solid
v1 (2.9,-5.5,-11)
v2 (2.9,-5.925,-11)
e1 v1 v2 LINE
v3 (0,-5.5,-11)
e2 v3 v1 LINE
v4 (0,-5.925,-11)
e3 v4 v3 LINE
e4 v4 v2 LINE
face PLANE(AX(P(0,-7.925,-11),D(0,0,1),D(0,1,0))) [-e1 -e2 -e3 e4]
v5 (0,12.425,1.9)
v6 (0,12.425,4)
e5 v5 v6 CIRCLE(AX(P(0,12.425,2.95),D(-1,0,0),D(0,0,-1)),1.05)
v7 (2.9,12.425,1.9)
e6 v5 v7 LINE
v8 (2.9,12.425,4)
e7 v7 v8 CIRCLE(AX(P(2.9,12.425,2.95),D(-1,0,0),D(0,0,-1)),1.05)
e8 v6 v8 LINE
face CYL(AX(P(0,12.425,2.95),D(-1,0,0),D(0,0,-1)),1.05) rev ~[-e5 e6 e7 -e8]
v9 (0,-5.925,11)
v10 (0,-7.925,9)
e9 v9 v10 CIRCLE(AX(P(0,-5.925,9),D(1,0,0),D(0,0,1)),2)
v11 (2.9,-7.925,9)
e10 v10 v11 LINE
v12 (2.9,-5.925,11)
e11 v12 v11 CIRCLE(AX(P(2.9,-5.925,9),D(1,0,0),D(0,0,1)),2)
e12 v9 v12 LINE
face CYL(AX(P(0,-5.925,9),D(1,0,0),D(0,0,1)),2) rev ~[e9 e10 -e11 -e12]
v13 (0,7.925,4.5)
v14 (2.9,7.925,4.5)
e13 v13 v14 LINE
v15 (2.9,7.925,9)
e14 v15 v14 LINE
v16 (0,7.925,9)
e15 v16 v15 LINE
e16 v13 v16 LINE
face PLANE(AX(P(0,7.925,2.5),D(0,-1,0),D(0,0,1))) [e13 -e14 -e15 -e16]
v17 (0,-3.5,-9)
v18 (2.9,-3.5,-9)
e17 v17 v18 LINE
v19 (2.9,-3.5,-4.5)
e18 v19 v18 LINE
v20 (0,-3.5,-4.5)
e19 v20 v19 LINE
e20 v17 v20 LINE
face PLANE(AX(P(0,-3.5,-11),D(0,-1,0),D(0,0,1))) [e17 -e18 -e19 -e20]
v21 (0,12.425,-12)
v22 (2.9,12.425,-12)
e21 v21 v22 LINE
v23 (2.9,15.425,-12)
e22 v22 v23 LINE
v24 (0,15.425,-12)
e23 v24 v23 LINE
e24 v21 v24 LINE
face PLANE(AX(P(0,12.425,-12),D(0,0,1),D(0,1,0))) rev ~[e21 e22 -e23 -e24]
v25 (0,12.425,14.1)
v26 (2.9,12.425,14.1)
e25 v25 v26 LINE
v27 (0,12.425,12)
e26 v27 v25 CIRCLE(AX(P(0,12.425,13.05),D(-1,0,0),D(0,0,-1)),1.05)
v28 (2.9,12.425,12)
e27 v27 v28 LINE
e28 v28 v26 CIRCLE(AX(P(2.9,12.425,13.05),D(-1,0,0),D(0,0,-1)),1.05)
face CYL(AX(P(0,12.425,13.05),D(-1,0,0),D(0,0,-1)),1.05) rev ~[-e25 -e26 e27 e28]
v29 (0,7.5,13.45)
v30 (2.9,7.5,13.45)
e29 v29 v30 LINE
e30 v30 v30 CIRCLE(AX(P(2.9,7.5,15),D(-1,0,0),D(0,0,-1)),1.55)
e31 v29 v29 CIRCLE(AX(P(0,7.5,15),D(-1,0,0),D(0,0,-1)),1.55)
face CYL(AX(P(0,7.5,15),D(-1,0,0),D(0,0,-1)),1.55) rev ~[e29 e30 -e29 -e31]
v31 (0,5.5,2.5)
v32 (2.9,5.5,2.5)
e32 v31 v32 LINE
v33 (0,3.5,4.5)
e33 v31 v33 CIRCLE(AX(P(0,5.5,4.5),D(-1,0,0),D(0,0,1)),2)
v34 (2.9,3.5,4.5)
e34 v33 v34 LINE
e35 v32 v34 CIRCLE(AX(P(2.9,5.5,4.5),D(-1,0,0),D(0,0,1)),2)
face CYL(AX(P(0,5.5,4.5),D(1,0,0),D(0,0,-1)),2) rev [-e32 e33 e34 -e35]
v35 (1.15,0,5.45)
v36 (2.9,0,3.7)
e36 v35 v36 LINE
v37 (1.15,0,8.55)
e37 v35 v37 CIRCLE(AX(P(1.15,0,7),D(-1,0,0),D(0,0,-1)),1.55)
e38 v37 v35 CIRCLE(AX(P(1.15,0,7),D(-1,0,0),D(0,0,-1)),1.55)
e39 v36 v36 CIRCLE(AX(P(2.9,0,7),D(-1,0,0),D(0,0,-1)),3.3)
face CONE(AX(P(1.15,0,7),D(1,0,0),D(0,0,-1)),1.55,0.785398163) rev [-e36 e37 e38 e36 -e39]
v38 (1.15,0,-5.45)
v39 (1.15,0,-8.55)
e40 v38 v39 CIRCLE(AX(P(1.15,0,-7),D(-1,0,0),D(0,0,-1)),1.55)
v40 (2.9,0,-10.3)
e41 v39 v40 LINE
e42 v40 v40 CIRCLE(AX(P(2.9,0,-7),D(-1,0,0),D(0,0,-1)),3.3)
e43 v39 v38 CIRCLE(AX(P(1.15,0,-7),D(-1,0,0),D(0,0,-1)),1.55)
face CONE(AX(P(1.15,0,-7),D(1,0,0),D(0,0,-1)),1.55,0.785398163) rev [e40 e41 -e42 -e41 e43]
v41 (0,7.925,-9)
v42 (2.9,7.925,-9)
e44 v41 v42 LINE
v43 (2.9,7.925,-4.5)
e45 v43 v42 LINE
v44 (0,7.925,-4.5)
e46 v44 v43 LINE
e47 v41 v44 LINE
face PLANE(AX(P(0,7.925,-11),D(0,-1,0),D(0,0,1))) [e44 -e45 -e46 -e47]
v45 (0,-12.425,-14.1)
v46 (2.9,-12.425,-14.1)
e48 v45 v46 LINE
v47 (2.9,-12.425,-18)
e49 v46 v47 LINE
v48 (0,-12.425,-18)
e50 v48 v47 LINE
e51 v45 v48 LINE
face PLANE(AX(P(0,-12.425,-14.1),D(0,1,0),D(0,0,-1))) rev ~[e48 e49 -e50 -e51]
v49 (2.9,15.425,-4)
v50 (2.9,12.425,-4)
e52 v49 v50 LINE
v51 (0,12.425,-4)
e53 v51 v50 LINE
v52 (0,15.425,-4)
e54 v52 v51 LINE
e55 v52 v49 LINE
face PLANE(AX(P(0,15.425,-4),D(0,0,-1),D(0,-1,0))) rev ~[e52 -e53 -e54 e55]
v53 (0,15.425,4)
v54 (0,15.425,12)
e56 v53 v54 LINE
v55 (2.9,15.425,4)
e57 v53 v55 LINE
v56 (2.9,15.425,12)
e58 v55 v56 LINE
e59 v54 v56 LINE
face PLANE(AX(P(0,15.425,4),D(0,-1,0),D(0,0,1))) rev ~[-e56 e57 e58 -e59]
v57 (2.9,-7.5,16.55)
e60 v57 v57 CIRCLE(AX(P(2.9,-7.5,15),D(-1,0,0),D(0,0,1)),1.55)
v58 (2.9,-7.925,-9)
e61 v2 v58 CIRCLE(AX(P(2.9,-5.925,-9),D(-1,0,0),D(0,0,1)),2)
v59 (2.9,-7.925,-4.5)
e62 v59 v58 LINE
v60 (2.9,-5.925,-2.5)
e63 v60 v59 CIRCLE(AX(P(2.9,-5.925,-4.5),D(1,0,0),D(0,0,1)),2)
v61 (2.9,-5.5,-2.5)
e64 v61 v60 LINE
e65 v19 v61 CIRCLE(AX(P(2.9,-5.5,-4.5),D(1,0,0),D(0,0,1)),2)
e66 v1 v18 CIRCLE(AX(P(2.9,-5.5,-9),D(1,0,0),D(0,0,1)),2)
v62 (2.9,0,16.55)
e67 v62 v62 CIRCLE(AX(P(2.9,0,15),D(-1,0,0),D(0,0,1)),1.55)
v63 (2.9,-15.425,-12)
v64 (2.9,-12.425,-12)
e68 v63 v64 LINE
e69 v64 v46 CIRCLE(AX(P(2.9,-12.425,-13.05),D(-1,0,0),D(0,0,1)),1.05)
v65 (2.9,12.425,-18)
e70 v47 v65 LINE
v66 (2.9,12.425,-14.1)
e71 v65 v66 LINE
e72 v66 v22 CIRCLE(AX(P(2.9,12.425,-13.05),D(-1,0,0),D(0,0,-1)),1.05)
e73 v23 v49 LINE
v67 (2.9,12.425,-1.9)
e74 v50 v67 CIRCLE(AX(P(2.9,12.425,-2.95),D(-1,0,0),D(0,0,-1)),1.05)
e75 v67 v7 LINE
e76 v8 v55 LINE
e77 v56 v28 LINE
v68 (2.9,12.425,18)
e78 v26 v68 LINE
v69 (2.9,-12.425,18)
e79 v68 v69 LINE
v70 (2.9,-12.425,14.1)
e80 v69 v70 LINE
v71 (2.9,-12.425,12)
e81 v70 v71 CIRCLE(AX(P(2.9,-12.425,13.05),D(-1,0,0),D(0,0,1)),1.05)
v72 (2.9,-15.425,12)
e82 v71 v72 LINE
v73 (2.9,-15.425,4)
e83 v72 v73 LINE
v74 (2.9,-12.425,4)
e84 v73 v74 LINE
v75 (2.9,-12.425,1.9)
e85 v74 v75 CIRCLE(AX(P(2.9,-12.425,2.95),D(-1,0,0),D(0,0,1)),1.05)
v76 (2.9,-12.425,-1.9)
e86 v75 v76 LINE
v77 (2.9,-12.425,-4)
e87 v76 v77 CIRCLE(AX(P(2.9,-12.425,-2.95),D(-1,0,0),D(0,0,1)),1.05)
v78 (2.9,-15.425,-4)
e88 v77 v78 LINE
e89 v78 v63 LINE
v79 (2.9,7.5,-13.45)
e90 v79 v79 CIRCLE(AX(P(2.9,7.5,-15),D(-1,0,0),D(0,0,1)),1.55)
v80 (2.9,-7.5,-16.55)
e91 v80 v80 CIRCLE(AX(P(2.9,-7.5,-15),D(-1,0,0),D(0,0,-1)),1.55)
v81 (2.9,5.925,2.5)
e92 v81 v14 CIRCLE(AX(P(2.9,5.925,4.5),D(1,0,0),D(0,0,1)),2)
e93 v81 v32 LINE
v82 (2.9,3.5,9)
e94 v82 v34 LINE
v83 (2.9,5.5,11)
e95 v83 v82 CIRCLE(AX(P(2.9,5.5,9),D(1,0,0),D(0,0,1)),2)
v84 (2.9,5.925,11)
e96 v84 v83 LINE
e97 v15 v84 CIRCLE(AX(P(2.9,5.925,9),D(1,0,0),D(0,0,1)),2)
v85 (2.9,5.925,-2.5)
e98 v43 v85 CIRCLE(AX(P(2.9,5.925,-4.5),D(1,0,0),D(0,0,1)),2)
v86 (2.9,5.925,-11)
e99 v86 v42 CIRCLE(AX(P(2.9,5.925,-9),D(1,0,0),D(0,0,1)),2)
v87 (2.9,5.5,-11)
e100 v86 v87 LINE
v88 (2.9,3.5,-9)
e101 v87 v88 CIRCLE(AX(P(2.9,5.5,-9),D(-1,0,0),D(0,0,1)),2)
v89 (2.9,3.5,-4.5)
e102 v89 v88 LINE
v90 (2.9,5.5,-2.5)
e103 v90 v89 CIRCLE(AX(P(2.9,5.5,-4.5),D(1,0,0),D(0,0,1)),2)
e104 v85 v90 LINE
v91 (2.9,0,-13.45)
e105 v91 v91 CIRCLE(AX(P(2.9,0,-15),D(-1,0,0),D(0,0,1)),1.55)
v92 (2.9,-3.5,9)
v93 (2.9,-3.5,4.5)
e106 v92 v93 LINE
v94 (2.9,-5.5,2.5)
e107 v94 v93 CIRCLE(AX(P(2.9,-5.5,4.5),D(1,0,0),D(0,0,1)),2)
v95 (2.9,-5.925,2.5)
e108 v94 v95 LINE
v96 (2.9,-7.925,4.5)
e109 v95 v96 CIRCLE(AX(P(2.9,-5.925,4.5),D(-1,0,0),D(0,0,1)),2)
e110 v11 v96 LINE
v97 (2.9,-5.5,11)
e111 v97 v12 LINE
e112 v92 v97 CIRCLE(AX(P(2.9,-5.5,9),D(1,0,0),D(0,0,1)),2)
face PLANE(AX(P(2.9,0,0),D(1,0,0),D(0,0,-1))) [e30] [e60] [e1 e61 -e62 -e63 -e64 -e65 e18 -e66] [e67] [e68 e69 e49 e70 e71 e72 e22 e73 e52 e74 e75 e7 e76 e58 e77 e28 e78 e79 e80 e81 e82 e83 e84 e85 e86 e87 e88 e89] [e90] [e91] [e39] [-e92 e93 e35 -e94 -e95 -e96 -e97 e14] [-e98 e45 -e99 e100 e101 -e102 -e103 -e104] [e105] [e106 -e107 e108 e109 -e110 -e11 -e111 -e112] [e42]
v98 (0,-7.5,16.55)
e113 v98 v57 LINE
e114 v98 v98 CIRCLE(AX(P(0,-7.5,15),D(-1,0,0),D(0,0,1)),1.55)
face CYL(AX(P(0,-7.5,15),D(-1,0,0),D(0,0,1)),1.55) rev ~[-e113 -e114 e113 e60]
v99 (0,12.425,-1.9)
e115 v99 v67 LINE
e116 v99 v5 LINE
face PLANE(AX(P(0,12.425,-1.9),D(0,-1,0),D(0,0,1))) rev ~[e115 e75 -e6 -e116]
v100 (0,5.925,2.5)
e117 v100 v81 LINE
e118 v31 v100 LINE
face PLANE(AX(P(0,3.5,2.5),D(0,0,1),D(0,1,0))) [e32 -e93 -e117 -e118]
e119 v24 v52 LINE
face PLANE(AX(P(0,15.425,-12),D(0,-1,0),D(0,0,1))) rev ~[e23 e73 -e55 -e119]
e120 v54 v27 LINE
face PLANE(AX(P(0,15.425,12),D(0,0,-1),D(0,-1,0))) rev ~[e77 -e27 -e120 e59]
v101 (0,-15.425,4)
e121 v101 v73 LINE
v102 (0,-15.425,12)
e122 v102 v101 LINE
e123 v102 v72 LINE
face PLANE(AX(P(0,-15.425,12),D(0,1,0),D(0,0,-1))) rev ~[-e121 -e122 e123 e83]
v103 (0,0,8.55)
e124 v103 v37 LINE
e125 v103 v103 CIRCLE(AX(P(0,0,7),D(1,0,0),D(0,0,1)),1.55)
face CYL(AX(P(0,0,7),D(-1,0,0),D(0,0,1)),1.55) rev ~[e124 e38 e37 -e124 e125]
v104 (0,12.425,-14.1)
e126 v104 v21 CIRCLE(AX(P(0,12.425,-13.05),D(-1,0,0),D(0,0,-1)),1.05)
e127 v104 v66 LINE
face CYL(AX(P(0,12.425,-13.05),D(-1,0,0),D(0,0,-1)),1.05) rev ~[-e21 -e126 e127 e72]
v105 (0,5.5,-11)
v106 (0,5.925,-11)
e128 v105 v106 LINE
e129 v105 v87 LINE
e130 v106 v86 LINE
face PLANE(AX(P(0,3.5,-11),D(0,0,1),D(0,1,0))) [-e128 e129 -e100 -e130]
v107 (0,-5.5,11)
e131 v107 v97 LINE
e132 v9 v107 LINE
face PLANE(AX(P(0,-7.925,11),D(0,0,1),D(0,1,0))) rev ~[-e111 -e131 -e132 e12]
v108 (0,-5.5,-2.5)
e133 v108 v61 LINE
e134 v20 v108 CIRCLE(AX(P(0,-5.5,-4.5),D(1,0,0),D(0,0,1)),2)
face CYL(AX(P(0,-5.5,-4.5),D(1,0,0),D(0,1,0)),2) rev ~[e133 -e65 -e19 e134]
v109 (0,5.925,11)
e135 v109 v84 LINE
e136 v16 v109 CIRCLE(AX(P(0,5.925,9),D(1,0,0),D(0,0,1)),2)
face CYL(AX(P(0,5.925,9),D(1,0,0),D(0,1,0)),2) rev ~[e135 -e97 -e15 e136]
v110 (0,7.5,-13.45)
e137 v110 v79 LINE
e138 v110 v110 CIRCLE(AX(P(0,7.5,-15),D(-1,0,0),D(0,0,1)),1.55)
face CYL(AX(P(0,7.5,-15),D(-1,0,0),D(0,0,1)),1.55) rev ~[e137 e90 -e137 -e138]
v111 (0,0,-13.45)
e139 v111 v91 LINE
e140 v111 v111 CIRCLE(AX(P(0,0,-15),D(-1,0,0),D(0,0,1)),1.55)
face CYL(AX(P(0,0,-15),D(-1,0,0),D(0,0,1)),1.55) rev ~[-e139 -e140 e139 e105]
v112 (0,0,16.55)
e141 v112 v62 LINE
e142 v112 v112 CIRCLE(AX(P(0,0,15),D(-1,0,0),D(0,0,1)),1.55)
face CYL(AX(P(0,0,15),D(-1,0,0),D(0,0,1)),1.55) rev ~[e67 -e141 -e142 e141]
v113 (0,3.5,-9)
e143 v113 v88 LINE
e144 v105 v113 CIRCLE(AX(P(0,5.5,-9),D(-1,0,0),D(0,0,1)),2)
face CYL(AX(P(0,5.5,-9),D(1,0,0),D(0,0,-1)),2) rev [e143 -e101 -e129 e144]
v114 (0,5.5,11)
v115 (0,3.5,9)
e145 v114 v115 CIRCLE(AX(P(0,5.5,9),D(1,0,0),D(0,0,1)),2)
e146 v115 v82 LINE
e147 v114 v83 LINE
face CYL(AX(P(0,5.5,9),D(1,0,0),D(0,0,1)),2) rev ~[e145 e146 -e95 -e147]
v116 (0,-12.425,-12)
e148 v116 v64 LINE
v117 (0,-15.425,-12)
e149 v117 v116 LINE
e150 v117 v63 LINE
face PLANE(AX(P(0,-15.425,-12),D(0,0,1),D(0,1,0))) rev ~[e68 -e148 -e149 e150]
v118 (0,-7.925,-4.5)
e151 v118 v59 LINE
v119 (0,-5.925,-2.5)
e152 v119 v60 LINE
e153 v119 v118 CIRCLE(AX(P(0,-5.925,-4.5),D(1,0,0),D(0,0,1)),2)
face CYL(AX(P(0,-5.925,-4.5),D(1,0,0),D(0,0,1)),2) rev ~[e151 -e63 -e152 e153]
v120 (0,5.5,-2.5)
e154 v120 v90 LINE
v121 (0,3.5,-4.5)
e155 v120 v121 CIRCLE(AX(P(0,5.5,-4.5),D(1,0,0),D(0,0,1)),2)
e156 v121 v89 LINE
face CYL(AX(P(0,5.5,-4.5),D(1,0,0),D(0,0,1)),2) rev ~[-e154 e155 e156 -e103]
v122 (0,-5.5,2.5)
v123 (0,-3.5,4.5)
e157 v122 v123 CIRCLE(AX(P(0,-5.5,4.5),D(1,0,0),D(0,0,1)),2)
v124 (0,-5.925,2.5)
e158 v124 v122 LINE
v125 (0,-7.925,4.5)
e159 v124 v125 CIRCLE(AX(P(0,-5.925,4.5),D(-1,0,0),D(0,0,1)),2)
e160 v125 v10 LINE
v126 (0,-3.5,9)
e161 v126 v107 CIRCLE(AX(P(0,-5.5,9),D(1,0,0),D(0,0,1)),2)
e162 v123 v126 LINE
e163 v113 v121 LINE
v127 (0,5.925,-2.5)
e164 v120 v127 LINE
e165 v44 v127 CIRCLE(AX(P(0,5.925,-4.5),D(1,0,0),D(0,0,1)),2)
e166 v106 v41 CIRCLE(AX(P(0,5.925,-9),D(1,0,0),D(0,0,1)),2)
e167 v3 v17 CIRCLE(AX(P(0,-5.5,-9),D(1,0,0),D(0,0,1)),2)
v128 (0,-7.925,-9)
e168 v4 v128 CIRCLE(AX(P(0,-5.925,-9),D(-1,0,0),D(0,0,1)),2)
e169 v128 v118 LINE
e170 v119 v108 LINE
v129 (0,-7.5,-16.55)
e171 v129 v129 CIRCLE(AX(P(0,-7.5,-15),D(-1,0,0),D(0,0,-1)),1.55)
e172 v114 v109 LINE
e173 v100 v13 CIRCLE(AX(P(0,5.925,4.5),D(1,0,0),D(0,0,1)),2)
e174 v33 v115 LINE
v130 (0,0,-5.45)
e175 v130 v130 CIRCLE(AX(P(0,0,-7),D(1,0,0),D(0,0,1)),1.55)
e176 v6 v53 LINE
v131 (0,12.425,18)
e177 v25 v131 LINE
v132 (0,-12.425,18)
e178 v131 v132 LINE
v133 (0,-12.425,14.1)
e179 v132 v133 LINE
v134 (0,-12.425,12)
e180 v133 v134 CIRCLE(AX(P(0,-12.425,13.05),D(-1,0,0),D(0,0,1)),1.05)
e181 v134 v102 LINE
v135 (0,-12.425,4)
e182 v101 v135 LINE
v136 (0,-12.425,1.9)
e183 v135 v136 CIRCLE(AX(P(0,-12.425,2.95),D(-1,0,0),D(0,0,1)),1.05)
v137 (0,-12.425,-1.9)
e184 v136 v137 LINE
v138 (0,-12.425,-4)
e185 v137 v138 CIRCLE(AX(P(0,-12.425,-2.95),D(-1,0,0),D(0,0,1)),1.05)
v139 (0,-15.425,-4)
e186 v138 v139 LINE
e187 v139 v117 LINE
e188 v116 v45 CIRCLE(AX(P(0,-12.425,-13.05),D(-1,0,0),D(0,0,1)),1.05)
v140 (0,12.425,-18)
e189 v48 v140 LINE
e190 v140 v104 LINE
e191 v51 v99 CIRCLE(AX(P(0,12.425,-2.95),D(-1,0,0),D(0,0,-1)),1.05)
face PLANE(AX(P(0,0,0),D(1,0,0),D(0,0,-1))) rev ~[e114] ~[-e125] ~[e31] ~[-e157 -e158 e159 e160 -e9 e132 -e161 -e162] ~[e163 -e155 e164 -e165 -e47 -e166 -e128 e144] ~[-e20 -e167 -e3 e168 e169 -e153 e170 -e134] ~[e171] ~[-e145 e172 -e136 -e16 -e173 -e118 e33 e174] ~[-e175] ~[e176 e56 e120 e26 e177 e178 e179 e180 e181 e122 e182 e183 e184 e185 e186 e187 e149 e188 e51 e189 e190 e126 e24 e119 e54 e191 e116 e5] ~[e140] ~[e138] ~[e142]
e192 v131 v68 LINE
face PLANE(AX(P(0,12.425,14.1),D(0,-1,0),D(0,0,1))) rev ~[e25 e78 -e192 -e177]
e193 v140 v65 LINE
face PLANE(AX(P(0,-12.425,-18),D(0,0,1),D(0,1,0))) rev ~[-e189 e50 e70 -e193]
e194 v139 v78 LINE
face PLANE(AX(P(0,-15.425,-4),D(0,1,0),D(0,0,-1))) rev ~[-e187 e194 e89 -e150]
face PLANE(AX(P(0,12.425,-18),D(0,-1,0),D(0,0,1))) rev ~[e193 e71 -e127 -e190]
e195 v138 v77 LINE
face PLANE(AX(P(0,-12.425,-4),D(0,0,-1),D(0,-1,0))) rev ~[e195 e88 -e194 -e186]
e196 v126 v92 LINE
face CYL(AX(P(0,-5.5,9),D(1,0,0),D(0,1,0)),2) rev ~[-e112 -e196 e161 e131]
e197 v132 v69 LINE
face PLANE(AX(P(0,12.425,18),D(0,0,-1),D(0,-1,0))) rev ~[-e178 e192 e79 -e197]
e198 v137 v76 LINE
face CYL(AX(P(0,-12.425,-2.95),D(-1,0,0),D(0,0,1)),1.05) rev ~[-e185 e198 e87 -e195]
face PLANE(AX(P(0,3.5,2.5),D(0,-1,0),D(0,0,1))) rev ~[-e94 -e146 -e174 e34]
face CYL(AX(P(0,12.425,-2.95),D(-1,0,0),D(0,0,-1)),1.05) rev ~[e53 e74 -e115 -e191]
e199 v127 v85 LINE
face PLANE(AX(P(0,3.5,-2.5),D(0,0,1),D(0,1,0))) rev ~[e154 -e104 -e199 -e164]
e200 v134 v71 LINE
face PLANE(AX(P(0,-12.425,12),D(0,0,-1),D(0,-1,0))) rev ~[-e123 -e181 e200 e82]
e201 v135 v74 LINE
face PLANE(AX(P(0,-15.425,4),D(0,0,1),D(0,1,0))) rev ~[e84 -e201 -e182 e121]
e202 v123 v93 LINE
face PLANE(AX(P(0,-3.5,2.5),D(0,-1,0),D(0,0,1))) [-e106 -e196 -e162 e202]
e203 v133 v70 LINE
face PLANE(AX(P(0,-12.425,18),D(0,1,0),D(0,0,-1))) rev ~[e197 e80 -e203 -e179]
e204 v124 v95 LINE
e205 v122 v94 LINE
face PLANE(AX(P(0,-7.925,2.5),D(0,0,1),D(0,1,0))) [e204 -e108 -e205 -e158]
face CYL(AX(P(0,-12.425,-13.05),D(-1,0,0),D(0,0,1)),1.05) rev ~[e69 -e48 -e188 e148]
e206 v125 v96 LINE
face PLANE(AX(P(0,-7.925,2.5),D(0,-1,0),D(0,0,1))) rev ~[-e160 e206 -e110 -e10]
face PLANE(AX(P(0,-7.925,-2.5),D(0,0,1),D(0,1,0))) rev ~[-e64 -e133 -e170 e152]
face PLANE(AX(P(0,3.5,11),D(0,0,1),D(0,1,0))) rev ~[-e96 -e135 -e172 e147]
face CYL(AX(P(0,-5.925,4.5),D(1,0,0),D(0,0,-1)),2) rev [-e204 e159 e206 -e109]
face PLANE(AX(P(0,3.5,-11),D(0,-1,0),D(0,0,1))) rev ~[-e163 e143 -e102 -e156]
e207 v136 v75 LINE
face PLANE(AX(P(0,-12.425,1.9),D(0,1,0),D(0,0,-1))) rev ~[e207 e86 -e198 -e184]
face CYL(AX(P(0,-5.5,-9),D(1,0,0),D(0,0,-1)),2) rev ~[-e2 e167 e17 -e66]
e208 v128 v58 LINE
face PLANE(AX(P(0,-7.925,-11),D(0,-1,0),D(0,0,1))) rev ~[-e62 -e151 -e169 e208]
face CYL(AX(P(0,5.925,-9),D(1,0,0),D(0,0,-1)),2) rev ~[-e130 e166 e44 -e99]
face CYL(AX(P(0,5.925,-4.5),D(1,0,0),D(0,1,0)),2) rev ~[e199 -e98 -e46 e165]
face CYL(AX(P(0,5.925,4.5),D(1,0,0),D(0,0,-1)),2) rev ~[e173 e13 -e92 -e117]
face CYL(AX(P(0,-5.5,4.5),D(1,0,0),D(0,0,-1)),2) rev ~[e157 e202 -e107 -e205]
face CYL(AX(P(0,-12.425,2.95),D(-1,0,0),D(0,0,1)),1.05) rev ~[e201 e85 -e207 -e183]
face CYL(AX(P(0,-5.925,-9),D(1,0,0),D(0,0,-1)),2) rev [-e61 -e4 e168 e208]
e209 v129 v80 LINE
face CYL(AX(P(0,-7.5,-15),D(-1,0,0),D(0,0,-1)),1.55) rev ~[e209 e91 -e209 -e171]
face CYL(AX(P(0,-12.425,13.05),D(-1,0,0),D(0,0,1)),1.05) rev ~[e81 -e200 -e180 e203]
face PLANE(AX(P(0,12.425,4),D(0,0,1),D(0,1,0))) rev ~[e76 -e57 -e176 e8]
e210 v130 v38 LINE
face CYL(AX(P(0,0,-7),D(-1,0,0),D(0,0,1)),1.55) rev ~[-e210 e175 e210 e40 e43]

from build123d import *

# Parameters (mm, degrees)
EXTRUDE_1_DEPTH          = 2.9
SKETCH_2_R               = 1.55
SKETCH_2_W               = 8.5
SKETCH_2_H               = 4.425
CUT_EXTRUDE_1_DEPTH      = 10
FILLET_1_R               = 2
HOLE_WIZARD_1_AT_2_COUNT = 2
HOLE_WIZARD_1_AT_2_PITCH = 14


with BuildPart() as part:
    # 草图1 → 凸台-拉伸1 (new body)
    with BuildSketch(Plane(origin=(0, 0, 0), x_dir=(0, 0, -1), z_dir=(1, 0, 0))):
        with BuildLine():
            Line((-12, 15.425), (-12, 12.425))
            ThreePointArc((-12, 12.425), (-13.05, 11.375), (-14.1, 12.425))
            Line((-14.1, 12.425), (-18, 12.425))
            Line((-18, 12.425), (-18, -12.425))
            Line((-18, -12.425), (-14.1, -12.425))
            ThreePointArc((-14.1, -12.425), (-13.05, -11.375), (-12, -12.425))
            Line((-12, -12.425), (-12, -15.425))
            Line((-12, -15.425), (-4, -15.425))
            Line((-4, -15.425), (-4, -12.425))
            ThreePointArc((-4, -12.425), (-2.95, -11.375), (-1.9, -12.425))
            Line((-1.9, -12.425), (1.9, -12.425))
            ThreePointArc((1.9, -12.425), (2.95, -11.375), (4, -12.425))
            Line((4, -12.425), (4, -15.425))
            Line((4, -15.425), (12, -15.425))
            Line((12, -15.425), (12, -12.425))
            ThreePointArc((12, -12.425), (13.05, -11.375), (14.1, -12.425))
            Line((14.1, -12.425), (18, -12.425))
            Line((18, -12.425), (18, 12.425))
            Line((18, 12.425), (14.1, 12.425))
            ThreePointArc((14.1, 12.425), (13.05, 11.375), (12, 12.425))
            Line((12, 12.425), (12, 15.425))
            Line((12, 15.425), (4, 15.425))
            Line((4, 15.425), (4, 12.425))
            ThreePointArc((4, 12.425), (2.95, 11.375), (1.9, 12.425))
            Line((1.9, 12.425), (-1.9, 12.425))
            ThreePointArc((-1.9, 12.425), (-2.95, 11.375), (-4, 12.425))
            Line((-4, 12.425), (-4, 15.425))
            Line((-4, 15.425), (-12, 15.425))
        make_face()
    extrude(amount=EXTRUDE_1_DEPTH)

    # 草图2 → 切除-拉伸1 (cut)
    with BuildSketch(Plane.ZY):
        with Locations((-15, 7.5)):
            Circle(SKETCH_2_R)
        with Locations(Location((-15, -7.5, 0), (0, 0, 180))):
            Circle(SKETCH_2_R)
        with Locations((15, 0)):
            Circle(SKETCH_2_R)
        with Locations((-15, 0)):
            Circle(SKETCH_2_R)
        with Locations((15, -7.5)):
            Circle(SKETCH_2_R)
        with Locations(Location((15, 7.5, 0), (0, 0, 180))):
            Circle(SKETCH_2_R)
        with Locations((-7, 0)):
            Circle(SKETCH_2_R)
        with Locations((7, 0)):
            Circle(SKETCH_2_R)
        with Locations((-6.75, 5.7125)):
            Rectangle(SKETCH_2_W, SKETCH_2_H)
        with Locations((-6.75, -5.7125)):
            Rectangle(SKETCH_2_W, SKETCH_2_H)
        with Locations((6.75, -5.7125)):
            Rectangle(SKETCH_2_W, SKETCH_2_H)
        with Locations((6.75, 5.7125)):
            Rectangle(SKETCH_2_W, SKETCH_2_H)
    extrude(amount=-CUT_EXTRUDE_1_DEPTH, mode=Mode.SUBTRACT)

    # 圆角1
    fillet_1_edges = [part.edges().sort_by_distance(p)[0] for p in [
        (1.45, -3.5, -2.5),
        (1.45, -7.925, -2.5),
        (1.45, -7.925, -11),
        (1.45, -3.5, -11),
        (1.45, 3.5, -11),
        (1.45, 7.925, -11),
        (1.45, 7.925, -2.5),
        (1.45, 3.5, -2.5),
        (1.45, 7.925, 11),
        (1.45, 3.5, 11),
        (1.45, 3.5, 2.5),
        (1.45, 7.925, 2.5),
        (1.45, -7.925, 11),
        (1.45, -7.925, 2.5),
        (1.45, -3.5, 2.5),
        (1.45, -3.5, 11),
    ]]
    fillet(fillet_1_edges, radius=FILLET_1_R)

    # 草图3 → 打孔尺寸(%根据十字)槽沉头木螺钉的类型1 (revolve, cut)
    with BuildSketch(Plane(origin=(2.9, 0, 7), x_dir=(0, 0, -1), z_dir=(0, 1, 0))):
        Polygon((0, 0), (0, 2.9), (1.55, 2.9), (1.55, 1.75), (3.3, 0), align=None)
    hole_wizard_1 = revolve(axis=Axis((9.25, 0, 7), (-1, 0, 0)), mode=Mode.SUBTRACT)

    # 打孔尺寸(%根据十字)槽沉头木螺钉的类型1 at 2: 打孔尺寸(%根据十字)槽沉头木螺钉的类型1 ×2
    with Locations(*[(0, 0, -i * HOLE_WIZARD_1_AT_2_PITCH) for i in range(1, HOLE_WIZARD_1_AT_2_COUNT)]):
        add(hole_wizard_1, mode=Mode.SUBTRACT)


solid = part.part
